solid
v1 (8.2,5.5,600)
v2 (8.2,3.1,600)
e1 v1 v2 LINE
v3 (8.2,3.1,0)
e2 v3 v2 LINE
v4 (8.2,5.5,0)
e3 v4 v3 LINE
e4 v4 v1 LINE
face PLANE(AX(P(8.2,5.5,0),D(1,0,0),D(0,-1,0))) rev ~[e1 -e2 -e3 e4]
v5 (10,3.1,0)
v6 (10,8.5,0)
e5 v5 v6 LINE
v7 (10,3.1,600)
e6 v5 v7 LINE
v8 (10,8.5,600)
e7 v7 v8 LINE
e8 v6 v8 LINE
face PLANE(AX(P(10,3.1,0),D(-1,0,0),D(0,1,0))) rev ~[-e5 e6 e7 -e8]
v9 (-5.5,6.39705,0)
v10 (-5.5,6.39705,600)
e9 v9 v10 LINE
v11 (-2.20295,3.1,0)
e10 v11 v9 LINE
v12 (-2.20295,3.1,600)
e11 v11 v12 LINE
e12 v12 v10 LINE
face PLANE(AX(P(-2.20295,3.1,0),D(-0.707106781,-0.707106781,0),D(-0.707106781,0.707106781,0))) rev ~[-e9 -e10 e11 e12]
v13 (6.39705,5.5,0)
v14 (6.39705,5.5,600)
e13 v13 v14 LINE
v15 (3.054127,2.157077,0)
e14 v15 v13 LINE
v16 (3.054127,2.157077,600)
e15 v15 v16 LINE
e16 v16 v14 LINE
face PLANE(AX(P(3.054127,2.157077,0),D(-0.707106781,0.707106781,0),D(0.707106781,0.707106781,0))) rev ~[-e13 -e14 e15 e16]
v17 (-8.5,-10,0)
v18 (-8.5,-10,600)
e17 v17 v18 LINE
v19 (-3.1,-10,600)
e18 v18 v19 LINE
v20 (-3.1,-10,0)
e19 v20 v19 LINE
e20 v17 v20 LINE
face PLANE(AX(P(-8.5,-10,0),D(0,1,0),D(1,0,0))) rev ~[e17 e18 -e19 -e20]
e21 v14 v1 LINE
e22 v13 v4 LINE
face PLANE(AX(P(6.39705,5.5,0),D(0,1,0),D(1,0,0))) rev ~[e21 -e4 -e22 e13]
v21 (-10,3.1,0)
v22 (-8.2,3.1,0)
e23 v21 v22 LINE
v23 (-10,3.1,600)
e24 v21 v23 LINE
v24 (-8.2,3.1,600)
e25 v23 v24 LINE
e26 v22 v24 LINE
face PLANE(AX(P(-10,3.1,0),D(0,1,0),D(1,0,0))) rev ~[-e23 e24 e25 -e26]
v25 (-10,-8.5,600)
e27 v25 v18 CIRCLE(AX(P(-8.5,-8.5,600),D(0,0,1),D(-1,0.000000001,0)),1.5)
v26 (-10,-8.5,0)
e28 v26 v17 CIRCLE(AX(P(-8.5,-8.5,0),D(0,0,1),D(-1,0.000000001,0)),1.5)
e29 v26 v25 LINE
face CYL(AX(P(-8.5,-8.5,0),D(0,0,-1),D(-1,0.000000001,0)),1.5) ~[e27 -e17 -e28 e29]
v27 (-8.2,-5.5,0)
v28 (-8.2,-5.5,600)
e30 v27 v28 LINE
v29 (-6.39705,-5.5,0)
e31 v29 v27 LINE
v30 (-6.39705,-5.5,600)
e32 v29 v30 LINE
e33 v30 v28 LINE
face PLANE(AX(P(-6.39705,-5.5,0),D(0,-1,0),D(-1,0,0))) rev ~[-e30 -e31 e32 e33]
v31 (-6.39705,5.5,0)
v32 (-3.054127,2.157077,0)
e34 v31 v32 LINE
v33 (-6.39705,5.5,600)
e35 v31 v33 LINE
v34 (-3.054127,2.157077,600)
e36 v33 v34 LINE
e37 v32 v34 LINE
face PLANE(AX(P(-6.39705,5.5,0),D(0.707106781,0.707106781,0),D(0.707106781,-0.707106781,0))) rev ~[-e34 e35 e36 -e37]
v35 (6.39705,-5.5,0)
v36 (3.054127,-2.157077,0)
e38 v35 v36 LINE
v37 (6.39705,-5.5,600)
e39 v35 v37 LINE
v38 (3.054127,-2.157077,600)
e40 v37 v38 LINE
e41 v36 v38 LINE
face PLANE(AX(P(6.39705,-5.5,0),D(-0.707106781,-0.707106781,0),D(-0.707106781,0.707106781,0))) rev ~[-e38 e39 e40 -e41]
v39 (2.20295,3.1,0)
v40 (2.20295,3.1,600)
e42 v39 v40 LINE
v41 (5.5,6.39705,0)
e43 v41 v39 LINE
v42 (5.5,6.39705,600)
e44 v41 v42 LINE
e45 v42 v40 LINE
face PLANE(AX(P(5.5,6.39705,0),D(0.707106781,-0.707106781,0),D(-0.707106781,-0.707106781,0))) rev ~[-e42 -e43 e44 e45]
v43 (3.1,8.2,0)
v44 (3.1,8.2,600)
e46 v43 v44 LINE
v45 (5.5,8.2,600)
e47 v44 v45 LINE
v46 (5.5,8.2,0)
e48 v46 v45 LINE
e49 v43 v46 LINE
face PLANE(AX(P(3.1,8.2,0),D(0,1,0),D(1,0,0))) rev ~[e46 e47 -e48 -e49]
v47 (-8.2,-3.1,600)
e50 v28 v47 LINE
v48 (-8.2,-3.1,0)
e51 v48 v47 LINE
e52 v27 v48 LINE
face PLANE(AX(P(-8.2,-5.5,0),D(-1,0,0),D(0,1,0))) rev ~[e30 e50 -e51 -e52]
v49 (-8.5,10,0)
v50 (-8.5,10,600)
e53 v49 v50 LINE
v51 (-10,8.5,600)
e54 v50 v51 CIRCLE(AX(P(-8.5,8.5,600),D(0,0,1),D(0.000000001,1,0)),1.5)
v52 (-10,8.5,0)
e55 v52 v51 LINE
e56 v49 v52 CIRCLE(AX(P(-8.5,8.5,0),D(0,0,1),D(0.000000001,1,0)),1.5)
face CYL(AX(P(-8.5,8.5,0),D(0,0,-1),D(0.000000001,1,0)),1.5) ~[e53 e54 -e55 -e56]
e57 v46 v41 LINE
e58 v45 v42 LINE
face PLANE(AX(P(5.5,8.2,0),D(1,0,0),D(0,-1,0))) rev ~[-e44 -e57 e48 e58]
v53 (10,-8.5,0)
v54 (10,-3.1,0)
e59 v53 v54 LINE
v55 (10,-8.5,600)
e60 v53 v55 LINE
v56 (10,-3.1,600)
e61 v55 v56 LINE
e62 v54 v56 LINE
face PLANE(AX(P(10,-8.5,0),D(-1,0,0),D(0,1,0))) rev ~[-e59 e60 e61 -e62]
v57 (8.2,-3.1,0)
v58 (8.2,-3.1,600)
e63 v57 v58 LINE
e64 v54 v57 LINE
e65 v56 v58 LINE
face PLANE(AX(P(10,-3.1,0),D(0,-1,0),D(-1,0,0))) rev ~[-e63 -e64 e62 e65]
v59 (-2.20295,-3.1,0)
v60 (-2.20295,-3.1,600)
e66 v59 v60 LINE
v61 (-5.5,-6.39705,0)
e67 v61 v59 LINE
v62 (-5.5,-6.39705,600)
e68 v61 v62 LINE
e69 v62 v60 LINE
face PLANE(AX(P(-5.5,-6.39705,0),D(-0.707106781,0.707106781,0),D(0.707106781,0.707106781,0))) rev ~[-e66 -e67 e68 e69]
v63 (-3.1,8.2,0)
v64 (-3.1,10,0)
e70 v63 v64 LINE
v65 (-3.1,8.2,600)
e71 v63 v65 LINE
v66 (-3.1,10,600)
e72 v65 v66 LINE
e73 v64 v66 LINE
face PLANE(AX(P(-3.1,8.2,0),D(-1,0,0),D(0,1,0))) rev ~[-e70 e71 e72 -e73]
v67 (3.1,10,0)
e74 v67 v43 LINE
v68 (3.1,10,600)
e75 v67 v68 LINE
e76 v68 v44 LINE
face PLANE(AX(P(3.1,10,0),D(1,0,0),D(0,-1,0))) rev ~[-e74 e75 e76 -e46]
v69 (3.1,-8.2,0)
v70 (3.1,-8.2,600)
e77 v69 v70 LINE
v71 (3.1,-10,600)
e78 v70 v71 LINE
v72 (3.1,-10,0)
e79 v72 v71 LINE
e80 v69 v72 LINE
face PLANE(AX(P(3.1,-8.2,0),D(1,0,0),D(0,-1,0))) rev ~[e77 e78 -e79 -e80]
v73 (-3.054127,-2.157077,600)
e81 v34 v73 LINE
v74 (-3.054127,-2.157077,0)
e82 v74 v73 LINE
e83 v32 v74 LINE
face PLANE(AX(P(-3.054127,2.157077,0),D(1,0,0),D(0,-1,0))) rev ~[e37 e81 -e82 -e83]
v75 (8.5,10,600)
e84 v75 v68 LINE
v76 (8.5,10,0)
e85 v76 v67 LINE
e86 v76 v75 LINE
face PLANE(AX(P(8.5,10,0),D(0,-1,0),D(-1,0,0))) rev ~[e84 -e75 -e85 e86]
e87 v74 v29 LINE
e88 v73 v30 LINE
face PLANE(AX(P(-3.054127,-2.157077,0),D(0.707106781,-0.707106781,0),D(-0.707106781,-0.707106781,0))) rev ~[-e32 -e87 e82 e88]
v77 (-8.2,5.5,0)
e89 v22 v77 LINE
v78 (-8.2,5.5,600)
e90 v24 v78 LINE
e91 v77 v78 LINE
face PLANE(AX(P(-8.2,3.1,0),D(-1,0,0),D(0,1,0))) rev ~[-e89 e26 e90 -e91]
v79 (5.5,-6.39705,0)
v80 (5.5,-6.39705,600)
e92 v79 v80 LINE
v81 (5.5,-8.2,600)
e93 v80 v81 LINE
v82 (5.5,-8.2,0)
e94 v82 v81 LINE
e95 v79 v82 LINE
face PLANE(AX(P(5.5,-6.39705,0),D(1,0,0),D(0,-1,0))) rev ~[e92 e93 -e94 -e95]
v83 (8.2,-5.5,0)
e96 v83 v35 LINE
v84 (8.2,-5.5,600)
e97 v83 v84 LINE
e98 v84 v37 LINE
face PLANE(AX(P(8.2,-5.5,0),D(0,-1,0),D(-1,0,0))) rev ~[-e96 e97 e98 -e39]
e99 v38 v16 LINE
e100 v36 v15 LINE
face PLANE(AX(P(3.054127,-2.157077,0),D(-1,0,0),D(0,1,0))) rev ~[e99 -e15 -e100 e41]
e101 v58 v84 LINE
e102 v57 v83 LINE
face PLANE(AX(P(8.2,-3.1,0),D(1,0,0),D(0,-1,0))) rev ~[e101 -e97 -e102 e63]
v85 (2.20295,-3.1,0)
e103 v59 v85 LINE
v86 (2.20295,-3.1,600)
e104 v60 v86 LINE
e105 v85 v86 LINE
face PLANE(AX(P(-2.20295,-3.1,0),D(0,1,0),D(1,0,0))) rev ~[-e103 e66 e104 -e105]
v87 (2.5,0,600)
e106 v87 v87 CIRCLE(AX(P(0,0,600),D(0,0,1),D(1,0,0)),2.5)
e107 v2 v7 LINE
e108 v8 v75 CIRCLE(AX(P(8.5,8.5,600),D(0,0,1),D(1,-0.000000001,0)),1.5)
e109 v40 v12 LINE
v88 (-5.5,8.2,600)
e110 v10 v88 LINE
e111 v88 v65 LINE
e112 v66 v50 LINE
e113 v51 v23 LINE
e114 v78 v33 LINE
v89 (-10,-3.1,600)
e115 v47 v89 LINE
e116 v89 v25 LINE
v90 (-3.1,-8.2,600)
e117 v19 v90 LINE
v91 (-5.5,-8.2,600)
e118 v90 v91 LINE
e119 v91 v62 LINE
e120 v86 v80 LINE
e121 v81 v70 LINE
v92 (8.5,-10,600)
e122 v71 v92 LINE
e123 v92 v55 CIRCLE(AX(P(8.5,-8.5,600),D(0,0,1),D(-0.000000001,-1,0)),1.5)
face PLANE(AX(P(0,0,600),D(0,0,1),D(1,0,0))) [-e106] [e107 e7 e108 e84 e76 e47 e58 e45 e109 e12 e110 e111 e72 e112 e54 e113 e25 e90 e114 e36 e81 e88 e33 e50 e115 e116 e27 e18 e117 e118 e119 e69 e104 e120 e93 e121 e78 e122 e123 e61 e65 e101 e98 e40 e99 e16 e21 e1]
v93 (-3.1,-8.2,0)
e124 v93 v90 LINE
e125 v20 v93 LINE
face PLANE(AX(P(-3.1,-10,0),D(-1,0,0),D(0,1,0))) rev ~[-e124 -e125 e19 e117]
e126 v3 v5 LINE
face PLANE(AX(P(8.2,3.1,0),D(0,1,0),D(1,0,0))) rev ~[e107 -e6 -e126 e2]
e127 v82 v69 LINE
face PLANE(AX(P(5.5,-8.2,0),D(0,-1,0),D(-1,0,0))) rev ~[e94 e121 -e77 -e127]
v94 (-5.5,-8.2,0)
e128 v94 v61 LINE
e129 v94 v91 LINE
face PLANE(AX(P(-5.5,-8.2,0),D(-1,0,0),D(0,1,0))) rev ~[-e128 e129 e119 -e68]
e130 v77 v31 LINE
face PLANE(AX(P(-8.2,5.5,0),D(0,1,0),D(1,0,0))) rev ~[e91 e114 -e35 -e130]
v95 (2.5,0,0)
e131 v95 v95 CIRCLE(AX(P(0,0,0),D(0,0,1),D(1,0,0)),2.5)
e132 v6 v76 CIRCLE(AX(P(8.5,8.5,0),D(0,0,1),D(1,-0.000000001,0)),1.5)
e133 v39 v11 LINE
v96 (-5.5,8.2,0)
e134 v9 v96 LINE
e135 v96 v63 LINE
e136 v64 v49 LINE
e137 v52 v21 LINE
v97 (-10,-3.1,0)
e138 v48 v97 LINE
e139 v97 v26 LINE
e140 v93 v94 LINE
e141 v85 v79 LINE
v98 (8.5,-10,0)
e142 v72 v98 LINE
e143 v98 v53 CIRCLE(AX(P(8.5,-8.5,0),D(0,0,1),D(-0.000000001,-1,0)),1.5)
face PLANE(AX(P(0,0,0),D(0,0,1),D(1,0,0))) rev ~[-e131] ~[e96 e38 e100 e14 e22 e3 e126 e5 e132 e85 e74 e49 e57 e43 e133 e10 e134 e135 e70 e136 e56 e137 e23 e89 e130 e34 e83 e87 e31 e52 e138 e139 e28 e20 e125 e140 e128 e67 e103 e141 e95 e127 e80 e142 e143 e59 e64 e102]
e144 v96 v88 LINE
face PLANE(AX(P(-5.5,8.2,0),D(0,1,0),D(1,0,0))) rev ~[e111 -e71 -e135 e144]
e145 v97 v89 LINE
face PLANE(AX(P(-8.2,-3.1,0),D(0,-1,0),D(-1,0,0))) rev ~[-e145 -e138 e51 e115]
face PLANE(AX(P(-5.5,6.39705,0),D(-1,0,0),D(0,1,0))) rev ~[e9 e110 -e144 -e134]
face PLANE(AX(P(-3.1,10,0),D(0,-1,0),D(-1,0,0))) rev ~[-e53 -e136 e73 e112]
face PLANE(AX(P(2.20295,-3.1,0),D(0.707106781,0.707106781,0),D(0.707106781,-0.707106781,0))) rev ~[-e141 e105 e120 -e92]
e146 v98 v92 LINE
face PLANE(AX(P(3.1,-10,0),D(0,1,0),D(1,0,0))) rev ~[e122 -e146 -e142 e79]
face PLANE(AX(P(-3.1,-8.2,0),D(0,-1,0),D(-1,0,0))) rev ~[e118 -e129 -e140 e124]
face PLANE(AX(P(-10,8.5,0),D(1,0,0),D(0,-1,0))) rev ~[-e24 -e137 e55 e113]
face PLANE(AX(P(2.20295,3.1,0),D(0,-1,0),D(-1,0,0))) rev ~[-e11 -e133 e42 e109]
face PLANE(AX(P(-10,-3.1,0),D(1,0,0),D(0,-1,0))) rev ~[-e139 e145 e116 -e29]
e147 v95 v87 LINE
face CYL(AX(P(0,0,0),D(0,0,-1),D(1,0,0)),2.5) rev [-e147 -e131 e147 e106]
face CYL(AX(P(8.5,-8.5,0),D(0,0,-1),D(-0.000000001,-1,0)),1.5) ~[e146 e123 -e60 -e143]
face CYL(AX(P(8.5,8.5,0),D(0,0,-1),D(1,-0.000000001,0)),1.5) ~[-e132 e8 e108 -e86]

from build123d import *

# Parameters (mm, degrees)
SKETCH_1_R      = 2.5
EXTRUDE_1_DEPTH = 600


with BuildPart() as part:
    # 草图1 → 凸台-拉伸1 (new body)
    with BuildSketch(Plane.XY):
        with BuildLine():
            Line((-8.2, -3.1), (-10, -3.1))
            Line((-10, -3.1), (-10, -8.5))
            ThreePointArc((-10, -8.5), (-9.560660172, -9.560660172), (-8.5, -10))
            Line((-8.5, -10), (-3.1, -10))
            Line((-3.1, -10), (-3.1, -8.2))
            Line((-3.1, -8.2), (-5.5, -8.2))
            Line((-5.5, -8.2), (-5.5, -6.397050155))
            Line((-5.5, -6.397050155), (-2.202949845, -3.1))
            Line((-2.202949845, -3.1), (2.202949845, -3.1))
            Line((2.202949845, -3.1), (5.5, -6.397050155))
            Line((5.5, -6.397050155), (5.5, -8.2))
            Line((5.5, -8.2), (3.1, -8.2))
            Line((3.1, -8.2), (3.1, -10))
            Line((3.1, -10), (8.5, -10))
            ThreePointArc((8.5, -10), (9.560660172, -9.560660172), (10, -8.5))
            Line((10, -8.5), (10, -3.1))
            Line((10, -3.1), (8.2, -3.1))
            Line((8.2, -3.1), (8.2, -5.5))
            Line((8.2, -5.5), (6.397050155, -5.5))
            Line((6.397050155, -5.5), (3.05412702, -2.157076865))
            Line((3.05412702, -2.157076865), (3.05412702, 2.157076865))
            Line((3.05412702, 2.157076865), (6.397050155, 5.5))
            Line((6.397050155, 5.5), (8.2, 5.5))
            Line((8.2, 5.5), (8.2, 3.1))
            Line((8.2, 3.1), (10, 3.1))
            Line((10, 3.1), (10, 8.5))
            ThreePointArc((10, 8.5), (9.560660172, 9.560660172), (8.5, 10))
            Line((8.5, 10), (3.1, 10))
            Line((3.1, 10), (3.1, 8.2))
            Line((3.1, 8.2), (5.5, 8.2))
            Line((5.5, 8.2), (5.5, 6.397050155))
            Line((5.5, 6.397050155), (2.202949845, 3.1))
            Line((2.202949845, 3.1), (-2.202949845, 3.1))
            Line((-2.202949845, 3.1), (-5.5, 6.397050155))
            Line((-5.5, 6.397050155), (-5.5, 8.2))
            Line((-5.5, 8.2), (-3.1, 8.2))
            Line((-3.1, 8.2), (-3.1, 10))
            Line((-3.1, 10), (-8.5, 10))
            ThreePointArc((-8.5, 10), (-9.560660172, 9.560660172), (-10, 8.5))
            Line((-10, 8.5), (-10, 3.1))
            Line((-10, 3.1), (-8.2, 3.1))
            Line((-8.2, 3.1), (-8.2, 5.5))
            Line((-8.2, 5.5), (-6.397050155, 5.5))
            Line((-6.397050155, 5.5), (-3.05412702, 2.157076865))
            Line((-3.05412702, 2.157076865), (-3.05412702, -2.157076865))
            Line((-3.05412702, -2.157076865), (-6.397050155, -5.5))
            Line((-6.397050155, -5.5), (-8.2, -5.5))
            Line((-8.2, -5.5), (-8.2, -3.1))
        make_face()
        Circle(SKETCH_1_R, mode=Mode.SUBTRACT)
    extrude(amount=EXTRUDE_1_DEPTH)


solid = part.part
